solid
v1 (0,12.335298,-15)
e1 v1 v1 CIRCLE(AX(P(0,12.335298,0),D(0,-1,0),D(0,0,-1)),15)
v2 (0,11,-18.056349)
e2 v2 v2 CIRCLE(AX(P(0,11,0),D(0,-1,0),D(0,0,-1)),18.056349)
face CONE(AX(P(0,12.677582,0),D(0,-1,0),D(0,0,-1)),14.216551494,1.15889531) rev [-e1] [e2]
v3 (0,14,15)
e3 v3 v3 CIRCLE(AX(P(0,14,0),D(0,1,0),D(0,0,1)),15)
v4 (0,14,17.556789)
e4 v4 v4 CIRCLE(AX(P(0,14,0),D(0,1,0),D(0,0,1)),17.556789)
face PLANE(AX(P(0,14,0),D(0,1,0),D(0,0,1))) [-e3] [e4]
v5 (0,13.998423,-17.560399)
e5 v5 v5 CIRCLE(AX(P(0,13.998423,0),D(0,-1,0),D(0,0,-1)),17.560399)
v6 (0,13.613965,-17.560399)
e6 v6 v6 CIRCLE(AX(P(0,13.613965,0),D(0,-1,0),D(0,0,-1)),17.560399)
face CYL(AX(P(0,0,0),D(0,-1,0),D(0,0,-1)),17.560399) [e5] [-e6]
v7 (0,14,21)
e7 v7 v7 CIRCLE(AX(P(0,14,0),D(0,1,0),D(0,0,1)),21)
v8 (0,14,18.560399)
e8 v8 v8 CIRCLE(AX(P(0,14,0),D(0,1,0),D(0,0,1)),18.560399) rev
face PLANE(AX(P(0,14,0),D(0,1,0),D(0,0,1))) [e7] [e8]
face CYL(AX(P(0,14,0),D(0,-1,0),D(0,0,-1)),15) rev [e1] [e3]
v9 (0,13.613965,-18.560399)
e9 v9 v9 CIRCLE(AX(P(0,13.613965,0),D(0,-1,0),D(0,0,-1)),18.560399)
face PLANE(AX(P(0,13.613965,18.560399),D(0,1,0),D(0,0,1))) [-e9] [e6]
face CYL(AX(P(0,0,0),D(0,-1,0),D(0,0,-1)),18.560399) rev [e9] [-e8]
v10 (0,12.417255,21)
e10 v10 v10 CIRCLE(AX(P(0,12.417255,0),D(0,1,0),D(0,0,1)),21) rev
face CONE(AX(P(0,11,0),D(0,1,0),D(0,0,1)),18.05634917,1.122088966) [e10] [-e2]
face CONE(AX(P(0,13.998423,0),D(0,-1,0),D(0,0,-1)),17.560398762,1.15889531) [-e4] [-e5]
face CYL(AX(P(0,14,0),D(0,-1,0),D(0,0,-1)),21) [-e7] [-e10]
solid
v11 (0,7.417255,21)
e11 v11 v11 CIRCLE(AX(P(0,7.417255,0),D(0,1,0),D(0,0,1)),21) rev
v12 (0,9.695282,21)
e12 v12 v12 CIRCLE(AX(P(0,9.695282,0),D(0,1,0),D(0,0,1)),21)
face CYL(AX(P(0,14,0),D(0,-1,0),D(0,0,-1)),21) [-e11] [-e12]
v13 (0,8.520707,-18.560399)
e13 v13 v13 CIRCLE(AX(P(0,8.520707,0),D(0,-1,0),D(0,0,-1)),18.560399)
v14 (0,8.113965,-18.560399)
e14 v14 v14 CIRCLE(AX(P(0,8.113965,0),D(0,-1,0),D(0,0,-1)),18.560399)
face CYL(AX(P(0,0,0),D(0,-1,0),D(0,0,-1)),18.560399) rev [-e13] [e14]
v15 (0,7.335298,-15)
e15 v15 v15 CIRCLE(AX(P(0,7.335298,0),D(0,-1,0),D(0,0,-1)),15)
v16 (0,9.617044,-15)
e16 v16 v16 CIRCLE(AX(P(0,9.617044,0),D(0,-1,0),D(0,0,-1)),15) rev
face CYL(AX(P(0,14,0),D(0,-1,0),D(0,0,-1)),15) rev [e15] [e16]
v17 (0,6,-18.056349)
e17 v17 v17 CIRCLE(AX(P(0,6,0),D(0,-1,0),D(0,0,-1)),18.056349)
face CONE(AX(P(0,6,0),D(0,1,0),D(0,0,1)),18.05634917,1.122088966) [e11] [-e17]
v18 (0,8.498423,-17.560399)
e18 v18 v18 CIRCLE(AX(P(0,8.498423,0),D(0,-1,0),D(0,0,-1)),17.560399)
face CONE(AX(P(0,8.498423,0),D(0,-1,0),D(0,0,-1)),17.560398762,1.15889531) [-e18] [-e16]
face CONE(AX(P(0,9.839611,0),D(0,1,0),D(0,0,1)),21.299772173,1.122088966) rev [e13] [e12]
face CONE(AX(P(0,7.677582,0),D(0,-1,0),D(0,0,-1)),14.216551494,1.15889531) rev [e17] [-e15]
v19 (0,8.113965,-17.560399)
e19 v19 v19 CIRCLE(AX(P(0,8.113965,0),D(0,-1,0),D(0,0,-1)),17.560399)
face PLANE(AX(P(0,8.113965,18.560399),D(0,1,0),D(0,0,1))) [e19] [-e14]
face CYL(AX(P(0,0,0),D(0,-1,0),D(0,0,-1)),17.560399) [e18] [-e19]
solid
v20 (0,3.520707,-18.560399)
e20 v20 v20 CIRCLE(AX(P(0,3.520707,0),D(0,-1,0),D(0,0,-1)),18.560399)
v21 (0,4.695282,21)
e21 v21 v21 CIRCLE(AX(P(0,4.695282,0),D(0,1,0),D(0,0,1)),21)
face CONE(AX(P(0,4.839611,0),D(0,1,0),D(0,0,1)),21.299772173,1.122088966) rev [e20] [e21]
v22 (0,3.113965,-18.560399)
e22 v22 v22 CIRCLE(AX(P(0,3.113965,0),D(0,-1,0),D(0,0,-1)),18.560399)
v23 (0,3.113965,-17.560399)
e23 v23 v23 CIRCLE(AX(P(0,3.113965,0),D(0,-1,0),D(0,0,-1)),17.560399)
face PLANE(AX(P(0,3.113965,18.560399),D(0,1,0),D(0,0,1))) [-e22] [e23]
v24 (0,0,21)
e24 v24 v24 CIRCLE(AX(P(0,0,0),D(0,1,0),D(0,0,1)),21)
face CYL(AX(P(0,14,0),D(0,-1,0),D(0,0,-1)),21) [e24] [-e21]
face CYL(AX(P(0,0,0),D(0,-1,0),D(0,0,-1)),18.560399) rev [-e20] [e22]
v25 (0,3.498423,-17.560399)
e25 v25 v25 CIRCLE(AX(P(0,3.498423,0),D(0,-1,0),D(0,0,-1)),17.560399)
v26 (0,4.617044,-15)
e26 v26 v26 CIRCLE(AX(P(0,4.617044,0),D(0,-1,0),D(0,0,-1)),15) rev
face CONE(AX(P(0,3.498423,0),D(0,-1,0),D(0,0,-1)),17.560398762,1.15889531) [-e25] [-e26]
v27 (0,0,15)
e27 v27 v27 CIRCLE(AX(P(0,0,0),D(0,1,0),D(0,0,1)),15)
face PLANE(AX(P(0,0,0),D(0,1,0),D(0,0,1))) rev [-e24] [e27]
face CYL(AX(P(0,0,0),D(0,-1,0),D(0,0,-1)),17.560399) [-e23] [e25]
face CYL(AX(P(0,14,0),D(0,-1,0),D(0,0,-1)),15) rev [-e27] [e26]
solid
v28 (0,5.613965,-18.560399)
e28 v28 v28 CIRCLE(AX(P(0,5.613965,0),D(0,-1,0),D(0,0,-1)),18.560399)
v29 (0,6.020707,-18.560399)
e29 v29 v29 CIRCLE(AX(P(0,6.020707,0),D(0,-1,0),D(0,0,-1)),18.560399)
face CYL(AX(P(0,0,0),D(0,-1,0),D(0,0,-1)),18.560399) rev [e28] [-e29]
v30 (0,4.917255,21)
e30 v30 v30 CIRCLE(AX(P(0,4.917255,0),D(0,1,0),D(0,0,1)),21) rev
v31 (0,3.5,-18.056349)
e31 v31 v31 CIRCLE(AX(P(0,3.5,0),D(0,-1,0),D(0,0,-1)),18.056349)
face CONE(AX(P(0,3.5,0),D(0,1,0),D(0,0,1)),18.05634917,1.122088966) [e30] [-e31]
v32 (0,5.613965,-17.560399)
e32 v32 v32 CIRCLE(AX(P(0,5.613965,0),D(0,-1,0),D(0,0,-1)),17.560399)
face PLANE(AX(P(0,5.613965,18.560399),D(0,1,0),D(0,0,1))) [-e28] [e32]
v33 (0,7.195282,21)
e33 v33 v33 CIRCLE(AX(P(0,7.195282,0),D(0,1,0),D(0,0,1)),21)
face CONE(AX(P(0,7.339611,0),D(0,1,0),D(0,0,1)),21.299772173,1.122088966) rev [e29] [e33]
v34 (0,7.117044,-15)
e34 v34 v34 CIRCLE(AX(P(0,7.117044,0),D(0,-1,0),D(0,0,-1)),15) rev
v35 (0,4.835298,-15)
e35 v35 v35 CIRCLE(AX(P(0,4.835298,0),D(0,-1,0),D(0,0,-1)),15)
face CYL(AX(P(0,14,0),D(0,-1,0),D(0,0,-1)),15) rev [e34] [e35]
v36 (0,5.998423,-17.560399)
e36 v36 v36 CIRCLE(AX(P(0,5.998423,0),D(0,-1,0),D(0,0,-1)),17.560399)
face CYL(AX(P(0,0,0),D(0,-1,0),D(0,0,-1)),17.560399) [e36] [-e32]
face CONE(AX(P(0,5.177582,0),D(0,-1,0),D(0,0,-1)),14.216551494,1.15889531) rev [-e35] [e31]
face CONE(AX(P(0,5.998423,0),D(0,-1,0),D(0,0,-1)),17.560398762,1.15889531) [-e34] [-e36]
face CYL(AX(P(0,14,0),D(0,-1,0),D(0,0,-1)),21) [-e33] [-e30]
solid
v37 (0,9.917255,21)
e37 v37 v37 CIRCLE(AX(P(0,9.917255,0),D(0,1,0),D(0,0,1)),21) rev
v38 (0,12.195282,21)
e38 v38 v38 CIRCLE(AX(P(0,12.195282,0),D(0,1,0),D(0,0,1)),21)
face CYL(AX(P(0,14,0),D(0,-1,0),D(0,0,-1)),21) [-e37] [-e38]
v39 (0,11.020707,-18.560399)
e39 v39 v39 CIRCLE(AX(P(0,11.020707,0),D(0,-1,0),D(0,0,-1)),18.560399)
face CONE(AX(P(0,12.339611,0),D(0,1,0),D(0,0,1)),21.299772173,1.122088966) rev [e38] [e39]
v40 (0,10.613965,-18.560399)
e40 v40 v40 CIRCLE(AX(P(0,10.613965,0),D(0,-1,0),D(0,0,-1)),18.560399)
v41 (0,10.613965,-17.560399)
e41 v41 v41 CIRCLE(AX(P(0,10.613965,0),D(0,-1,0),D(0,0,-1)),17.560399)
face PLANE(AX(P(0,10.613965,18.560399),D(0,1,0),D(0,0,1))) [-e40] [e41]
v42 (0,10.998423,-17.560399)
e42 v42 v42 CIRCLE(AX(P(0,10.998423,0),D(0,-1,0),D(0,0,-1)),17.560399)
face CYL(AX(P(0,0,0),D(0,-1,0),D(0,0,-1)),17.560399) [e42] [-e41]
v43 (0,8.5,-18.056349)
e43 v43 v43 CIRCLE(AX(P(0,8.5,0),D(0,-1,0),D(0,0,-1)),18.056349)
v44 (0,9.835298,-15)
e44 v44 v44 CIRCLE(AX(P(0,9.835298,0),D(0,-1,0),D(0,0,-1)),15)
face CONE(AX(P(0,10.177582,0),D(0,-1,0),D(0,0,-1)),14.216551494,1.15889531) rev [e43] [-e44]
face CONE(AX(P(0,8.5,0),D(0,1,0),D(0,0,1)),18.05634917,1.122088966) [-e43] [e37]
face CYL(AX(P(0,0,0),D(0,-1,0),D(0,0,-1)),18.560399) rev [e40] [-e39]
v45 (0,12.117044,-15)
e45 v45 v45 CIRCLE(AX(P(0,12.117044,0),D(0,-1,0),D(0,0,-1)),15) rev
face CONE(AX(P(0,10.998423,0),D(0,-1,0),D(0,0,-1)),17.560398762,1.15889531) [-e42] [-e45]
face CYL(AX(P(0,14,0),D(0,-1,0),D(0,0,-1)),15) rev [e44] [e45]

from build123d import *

# Parameters (mm, degrees)
SKETCH1_R          = 21
EXTRUDE1_DEPTH     = 14
SKETCH2_R          = 15
CUT_EXTRUDE1_DEPTH = 14


with BuildPart() as part:
    # Sketch1 → Extrude1 (new body)
    with BuildSketch(Plane(origin=(0, 0, 0), x_dir=(1, 0, 0), z_dir=(0, 1, 0))):
        Circle(SKETCH1_R)
    extrude(amount=EXTRUDE1_DEPTH)

    # Sketch2 → Cut-Extrude1 (cut)
    with BuildSketch(Plane(origin=(0, 0, 0), x_dir=(1, 0, 0), z_dir=(0, 1, 0))):
        Circle(SKETCH2_R)
    extrude(amount=CUT_EXTRUDE1_DEPTH, mode=Mode.SUBTRACT)

    # Sketch3 → Cut-Revolve1 (revolve, cut)
    with BuildSketch(Plane(origin=(0, 0, 0), x_dir=(0, 0, -1), z_dir=(1, 0, 0))):
        Polygon((-21.299772173, 12.561584254), (-18.05634917, 11), (-14.216551494, 12.677581509), (-14.216551494, 12.459327008), (-17.560398762, 10.998422863), (-17.560398762, 10.613964891), (-18.560398762, 10.613964891), (-18.560398762, 11.020707157), (-21.299772173, 12.339610791), (-21.299772173, 10.061584254), (-18.05634917, 8.5), (-14.216551494, 10.177581509), (-14.216551494, 9.959327008), (-17.560398762, 8.498422863), (-17.560398762, 8.113964891), (-18.560398762, 8.113964891), (-18.560398762, 8.520707157), (-21.299772173, 9.839610791), (-21.299772173, 7.561584254), (-18.05634917, 6), (-14.216551494, 7.677581509), (-14.216551494, 7.459327008), (-17.560398762, 5.998422863), (-17.560398762, 5.613964891), (-18.560398762, 5.613964891), (-18.560398762, 6.020707157), (-21.299772173, 7.339610791), (-21.299772173, 5.061584254), (-18.05634917, 3.5), (-14.216551494, 5.177581509), (-14.216551494, 4.959327008), (-17.560398762, 3.498422863), (-17.560398762, 3.113964891), (-18.560398762, 3.113964891), (-18.560398762, 3.520707157), (-21.299772173, 4.839610791), (-21.299772173, 4.44987318), (-21.954239637, 4.44987318), (-21.954239637, 16.757816968), (-21.299772173, 16.757816968), (-21.299772173, 15.677581509), (-14.216551494, 15.677581509), (-14.216551494, 15.459327008), (-17.560398762, 13.998422863), (-17.560398762, 13.613964891), (-18.560398762, 13.613964891), (-18.560398762, 14.020707157), (-21.299772173, 15.339610791), align=None)
    revolve(axis=Axis((0, 0, 0), (0, 1, 0)), mode=Mode.SUBTRACT)


with BuildPart() as cut_revolve1_piece_1:
    # of the separate pieces the step leaves, piece 1, a body of its own (cut_revolve1_pieces)
    add(part.part.solids().sort_by_distance((21, 0, 0))[0])


with BuildPart() as cut_revolve1_piece_2:
    # of the separate pieces the step leaves, piece 2, a body of its own (cut_revolve1_pieces)
    add(part.part.solids().sort_by_distance((0, 12.417255406, 21))[0])


with BuildPart() as cut_revolve1_piece_3:
    # of the separate pieces the step leaves, piece 3, a body of its own (cut_revolve1_pieces)
    add(part.part.solids().sort_by_distance((0, 9.917255406, 21))[0])


with BuildPart() as cut_revolve1_piece_4:
    # of the separate pieces the step leaves, piece 4, a body of its own (cut_revolve1_pieces)
    add(part.part.solids().sort_by_distance((0, 4.917255406, 21))[0])


with BuildPart() as cut_revolve1_piece_5:
    # of the separate pieces the step leaves, piece 5, a body of its own (cut_revolve1_pieces)
    add(part.part.solids().sort_by_distance((0, 7.417255406, 21))[0])


solid = Compound([cut_revolve1_piece_1.part, cut_revolve1_piece_2.part, cut_revolve1_piece_3.part, cut_revolve1_piece_4.part, cut_revolve1_piece_5.part])
